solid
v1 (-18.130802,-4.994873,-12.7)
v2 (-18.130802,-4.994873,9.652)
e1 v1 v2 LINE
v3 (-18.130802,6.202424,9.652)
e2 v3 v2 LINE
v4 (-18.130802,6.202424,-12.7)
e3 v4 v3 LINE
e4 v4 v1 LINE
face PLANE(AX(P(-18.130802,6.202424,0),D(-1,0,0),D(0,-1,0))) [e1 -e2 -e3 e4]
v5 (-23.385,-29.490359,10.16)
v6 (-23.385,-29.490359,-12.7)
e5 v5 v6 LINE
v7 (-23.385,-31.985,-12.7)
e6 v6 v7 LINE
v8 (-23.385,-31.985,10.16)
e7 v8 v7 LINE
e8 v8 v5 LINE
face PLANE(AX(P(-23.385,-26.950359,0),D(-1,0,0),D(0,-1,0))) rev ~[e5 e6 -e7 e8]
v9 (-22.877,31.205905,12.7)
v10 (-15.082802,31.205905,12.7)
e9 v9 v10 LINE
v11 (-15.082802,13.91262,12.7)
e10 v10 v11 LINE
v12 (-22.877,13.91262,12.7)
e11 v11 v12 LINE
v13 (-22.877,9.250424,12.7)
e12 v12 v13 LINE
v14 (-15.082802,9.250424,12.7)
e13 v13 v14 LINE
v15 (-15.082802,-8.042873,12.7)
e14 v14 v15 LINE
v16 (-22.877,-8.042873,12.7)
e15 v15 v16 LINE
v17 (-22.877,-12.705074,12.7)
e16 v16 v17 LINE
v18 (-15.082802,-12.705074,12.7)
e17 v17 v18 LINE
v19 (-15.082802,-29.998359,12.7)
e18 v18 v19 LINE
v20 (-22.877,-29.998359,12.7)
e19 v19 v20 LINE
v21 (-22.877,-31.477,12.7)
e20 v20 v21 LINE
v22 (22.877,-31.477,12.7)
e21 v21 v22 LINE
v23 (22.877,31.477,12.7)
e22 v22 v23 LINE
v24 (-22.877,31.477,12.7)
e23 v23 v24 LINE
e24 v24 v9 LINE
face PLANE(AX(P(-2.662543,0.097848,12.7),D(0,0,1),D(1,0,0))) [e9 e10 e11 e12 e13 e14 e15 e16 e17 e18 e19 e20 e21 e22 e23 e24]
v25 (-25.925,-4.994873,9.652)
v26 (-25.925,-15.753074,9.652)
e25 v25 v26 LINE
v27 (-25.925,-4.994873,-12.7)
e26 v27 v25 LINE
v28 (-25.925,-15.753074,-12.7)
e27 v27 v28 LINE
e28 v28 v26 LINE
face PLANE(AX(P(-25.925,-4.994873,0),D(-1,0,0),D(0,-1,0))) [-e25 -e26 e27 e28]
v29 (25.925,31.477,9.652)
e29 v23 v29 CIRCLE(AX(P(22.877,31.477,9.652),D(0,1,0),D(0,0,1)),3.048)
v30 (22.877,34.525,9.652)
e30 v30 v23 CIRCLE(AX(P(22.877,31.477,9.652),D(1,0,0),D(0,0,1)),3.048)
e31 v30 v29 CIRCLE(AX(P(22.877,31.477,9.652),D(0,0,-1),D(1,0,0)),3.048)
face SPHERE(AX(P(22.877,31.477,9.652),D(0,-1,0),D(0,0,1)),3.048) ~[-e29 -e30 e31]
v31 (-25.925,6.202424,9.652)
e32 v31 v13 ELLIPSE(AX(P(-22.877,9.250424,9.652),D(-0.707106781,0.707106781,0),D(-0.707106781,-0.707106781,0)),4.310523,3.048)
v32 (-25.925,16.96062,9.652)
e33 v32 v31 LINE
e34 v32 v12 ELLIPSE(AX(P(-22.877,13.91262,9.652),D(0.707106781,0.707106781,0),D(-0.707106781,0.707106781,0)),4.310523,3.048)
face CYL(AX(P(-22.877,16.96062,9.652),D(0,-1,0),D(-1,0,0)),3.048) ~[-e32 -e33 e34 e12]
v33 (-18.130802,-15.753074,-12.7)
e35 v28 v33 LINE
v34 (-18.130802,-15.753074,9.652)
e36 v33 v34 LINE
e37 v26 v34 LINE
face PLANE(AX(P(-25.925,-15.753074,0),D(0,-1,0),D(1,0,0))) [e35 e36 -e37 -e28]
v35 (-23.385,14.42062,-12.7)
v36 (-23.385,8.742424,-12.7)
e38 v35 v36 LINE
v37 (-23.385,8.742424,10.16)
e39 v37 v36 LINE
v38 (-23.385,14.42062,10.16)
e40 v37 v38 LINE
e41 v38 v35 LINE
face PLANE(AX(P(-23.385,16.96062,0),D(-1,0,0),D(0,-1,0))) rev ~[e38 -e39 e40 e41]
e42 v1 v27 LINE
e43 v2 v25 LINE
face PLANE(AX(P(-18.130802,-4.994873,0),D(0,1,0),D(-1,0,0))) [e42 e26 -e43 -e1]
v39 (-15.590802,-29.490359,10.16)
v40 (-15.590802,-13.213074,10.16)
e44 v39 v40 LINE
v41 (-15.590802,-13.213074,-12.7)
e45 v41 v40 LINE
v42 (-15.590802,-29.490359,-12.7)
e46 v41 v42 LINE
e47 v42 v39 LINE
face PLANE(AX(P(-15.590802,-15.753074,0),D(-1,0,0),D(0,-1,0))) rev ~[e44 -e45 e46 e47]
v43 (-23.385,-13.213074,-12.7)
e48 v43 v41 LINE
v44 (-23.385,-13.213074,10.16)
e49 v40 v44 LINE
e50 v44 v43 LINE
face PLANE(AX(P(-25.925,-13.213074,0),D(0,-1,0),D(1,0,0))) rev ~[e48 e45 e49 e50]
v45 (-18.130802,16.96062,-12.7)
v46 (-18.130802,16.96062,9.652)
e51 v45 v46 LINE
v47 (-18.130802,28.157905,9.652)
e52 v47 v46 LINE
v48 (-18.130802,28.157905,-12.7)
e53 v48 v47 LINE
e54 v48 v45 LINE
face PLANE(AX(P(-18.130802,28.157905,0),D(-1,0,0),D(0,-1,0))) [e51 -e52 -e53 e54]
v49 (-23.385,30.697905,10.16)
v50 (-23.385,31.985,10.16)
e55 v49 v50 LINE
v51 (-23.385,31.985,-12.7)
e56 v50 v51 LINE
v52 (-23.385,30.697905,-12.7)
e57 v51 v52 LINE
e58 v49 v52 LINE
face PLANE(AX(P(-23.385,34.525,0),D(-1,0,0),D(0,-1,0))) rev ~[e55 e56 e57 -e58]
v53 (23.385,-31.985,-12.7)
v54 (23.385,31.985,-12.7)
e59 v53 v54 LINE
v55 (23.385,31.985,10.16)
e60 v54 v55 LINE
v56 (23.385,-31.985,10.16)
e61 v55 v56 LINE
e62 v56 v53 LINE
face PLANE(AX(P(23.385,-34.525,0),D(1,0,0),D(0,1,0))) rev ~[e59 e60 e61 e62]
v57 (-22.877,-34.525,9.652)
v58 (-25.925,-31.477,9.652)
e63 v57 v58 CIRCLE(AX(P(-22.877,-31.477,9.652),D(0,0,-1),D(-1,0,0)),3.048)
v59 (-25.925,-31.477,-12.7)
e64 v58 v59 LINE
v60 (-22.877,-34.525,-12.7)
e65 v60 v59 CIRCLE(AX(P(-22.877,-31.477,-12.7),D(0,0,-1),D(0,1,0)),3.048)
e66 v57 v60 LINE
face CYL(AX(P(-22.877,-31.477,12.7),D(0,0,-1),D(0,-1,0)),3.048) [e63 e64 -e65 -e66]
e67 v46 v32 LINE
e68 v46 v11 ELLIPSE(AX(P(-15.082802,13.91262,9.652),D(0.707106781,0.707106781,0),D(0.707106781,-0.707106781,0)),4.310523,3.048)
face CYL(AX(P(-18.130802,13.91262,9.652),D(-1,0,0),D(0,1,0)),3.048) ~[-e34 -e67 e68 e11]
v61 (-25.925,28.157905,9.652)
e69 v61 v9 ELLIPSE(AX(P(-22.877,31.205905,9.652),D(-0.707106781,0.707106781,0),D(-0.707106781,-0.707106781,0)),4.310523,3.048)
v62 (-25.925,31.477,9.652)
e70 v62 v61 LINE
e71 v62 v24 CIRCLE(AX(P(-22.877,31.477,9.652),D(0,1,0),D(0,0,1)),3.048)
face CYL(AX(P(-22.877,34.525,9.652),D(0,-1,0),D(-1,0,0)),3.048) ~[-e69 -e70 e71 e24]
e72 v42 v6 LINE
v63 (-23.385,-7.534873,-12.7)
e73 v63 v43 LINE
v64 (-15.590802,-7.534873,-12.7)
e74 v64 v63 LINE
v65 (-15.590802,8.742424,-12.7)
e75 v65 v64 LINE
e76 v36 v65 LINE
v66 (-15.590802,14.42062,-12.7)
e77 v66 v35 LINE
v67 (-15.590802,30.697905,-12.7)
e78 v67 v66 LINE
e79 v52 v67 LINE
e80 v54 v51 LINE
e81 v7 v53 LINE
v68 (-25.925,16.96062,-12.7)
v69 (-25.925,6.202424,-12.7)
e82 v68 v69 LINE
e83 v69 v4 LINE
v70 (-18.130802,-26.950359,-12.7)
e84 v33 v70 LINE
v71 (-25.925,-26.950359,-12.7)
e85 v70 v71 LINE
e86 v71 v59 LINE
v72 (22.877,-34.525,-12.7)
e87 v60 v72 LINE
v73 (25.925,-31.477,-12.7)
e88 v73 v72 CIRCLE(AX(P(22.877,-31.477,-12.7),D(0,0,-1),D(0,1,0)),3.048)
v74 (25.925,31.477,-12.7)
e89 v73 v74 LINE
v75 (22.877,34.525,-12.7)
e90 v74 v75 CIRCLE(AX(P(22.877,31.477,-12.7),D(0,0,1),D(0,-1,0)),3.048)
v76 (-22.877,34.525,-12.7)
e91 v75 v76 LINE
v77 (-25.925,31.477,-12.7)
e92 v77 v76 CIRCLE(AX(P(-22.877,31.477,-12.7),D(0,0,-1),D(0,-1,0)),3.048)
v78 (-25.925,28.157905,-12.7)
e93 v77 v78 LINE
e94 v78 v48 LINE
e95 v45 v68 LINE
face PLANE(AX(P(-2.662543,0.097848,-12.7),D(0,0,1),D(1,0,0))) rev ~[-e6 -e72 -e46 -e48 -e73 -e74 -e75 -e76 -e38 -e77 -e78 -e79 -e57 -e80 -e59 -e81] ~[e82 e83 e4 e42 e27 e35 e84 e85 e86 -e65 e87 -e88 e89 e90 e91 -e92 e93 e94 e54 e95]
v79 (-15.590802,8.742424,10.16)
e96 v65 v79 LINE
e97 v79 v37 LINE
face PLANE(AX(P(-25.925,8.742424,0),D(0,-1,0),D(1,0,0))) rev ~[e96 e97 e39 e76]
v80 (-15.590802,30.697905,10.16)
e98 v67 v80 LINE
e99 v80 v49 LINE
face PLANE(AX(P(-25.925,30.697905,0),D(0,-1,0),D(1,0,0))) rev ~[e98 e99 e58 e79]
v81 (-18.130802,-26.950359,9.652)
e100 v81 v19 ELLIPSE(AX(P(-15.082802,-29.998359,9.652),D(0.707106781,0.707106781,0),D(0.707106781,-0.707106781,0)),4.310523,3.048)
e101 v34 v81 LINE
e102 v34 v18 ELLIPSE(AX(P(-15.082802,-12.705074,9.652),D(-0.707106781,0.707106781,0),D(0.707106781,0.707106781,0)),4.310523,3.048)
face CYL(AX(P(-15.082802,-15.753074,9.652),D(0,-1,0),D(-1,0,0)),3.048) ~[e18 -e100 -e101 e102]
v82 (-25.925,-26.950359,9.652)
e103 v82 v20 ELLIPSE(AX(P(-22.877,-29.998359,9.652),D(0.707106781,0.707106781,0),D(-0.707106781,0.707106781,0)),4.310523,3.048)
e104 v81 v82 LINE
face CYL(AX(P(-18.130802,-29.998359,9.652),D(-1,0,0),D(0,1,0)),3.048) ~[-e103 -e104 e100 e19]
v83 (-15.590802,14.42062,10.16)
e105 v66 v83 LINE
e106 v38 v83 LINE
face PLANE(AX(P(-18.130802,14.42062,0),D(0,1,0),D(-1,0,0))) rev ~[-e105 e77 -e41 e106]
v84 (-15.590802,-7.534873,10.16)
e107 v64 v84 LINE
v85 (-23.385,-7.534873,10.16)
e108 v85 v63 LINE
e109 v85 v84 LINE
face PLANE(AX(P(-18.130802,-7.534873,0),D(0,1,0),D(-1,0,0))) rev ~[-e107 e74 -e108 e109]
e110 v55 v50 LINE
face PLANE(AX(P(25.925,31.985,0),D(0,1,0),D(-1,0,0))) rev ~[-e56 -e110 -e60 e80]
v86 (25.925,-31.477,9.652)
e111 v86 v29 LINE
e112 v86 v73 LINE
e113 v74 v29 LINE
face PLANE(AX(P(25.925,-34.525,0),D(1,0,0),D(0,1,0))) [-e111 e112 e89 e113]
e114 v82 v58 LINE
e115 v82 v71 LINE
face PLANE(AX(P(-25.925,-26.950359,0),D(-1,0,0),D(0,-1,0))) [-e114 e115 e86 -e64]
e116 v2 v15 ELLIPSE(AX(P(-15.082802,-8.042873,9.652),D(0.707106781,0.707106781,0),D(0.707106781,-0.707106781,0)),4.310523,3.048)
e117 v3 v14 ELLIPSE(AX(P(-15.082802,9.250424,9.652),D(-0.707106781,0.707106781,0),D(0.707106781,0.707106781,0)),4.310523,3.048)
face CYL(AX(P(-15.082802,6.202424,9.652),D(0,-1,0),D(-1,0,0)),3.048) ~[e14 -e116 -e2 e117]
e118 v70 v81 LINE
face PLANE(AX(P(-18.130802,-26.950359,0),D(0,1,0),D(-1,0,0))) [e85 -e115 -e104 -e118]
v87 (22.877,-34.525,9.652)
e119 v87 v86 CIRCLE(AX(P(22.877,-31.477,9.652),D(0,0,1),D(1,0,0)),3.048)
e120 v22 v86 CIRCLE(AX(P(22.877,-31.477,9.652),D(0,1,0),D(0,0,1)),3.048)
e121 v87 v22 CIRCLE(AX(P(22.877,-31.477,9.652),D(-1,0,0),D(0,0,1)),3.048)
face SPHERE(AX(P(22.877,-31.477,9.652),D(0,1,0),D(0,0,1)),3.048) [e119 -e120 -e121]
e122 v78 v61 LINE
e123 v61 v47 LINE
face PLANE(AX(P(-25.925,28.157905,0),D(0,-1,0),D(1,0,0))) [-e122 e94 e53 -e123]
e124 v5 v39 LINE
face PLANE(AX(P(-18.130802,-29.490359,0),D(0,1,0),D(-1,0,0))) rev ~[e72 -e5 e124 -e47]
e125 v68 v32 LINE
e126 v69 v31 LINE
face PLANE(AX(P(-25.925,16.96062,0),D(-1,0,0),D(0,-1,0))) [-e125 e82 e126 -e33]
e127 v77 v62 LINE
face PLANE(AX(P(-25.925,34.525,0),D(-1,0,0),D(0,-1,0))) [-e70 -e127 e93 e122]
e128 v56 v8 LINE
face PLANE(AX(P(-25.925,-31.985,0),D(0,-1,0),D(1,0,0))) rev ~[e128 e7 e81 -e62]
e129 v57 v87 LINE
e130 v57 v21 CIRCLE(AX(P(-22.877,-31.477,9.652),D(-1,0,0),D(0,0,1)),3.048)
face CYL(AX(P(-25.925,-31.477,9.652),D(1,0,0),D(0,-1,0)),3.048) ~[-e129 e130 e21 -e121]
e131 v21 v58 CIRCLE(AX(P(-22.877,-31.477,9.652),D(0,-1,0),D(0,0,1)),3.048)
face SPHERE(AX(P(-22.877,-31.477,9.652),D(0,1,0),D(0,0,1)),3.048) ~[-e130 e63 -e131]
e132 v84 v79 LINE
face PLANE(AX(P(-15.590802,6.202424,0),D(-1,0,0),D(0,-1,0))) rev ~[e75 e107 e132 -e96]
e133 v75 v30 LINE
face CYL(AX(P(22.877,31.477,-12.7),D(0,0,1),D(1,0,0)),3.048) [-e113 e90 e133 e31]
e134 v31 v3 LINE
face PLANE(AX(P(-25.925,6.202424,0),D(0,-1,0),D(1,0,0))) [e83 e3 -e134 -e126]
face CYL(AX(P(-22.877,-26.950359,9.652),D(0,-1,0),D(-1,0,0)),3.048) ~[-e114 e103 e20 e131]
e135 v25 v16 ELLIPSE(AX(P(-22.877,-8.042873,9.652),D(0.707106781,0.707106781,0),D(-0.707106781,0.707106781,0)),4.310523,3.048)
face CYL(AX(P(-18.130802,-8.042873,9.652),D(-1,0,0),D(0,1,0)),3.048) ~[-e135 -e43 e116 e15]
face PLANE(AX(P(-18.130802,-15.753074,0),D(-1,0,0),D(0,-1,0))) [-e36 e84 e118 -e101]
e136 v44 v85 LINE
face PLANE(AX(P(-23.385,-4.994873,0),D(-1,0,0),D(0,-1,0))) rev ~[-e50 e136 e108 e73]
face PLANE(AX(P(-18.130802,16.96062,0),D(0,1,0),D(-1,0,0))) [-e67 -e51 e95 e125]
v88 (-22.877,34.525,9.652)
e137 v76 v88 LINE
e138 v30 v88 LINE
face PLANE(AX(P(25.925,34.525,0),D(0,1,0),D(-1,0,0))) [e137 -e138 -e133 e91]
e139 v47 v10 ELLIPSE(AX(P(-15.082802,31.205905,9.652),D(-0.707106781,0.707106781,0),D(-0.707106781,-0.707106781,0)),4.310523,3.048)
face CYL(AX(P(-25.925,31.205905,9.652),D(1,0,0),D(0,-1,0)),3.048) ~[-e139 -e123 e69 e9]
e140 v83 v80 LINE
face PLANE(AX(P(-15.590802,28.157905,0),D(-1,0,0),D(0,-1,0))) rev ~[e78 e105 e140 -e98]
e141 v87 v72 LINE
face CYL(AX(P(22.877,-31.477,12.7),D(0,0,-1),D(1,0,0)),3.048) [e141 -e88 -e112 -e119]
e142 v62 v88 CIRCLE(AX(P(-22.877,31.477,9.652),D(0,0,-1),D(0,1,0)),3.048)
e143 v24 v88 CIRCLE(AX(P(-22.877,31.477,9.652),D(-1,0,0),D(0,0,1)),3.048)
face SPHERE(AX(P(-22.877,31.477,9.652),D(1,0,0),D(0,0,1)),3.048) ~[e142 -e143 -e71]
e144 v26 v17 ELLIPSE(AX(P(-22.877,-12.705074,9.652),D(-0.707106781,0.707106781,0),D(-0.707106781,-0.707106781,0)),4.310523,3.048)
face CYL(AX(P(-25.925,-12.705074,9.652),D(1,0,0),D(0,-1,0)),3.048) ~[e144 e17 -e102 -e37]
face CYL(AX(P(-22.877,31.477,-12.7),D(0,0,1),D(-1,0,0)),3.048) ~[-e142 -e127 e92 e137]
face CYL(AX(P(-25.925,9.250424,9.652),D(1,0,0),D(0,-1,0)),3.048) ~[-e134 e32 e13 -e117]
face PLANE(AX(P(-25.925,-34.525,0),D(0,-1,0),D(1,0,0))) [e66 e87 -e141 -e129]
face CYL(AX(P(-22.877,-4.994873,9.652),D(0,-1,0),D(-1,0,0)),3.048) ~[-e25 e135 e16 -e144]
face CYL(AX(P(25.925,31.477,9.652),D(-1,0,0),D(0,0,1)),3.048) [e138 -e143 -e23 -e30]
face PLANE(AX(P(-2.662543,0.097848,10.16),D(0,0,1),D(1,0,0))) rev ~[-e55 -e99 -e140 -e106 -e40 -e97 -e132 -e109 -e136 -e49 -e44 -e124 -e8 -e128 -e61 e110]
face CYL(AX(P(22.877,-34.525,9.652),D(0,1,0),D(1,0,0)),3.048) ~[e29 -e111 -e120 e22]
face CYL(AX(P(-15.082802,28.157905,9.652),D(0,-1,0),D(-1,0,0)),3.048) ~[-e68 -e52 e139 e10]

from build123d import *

# Parameters (mm, degrees)
F1_DEPTH = 12.7
F2_T     = -2.54
F3_R     = 3.048


with BuildPart() as f1:
    # F0 (on Top) → F1 (new body, symmetric)
    with BuildSketch(Plane.XY):
        Polygon((25.92500022, -34.52499953), (25.92500022, 34.52499953), (-25.92500022, 34.52499953), (-25.92500022, 28.157905028), (-18.1308021206, 28.157905028), (-18.1308021206, 16.960619828), (-25.92500022, 16.960619828), (-25.92500022, 6.202424428), (-18.1308021206, 6.202424428), (-18.1308021206, -4.9948727434), (-25.92500022, -4.9948727434), (-25.92500022, -15.7530735209), (-18.1308021206, -15.7530735209), (-18.1308021206, -26.9503587209), (-25.92500022, -26.9503587209), (-25.92500022, -34.52499953), align=None)
    extrude(amount=F1_DEPTH, both=True)

    # F2
    f2_openings = [f1.faces().sort_by_distance(p)[0] for p in [
        (1.73799, -0.047637, -12.7),
    ]]
    offset(amount=F2_T, openings=f2_openings, kind=Kind.INTERSECTION)

    # F3
    f3_edges = [f1.edges().sort_by_distance(p)[0] for p in [
        (25.925, 0, 12.7),
        (0, 34.525, 12.7),
        (-25.925, 31.341452, 12.7),
        (-18.130802, 22.559262, 12.7),
        (-22.027901, 16.96062, 12.7),
        (-25.925, 11.581522, 12.7),
        (-22.027901, 6.202424, 12.7),
        (-18.130802, 0.603776, 12.7),
        (-22.027901, -4.994873, 12.7),
        (-25.925, -10.373973, 12.7),
        (-22.027901, -15.753074, 12.7),
        (-18.130802, -21.351716, 12.7),
        (-22.027901, -26.950359, 12.7),
        (-25.925, -30.737679, 12.7),
        (0, -34.525, 12.7),
        (-22.027901, 28.157905, 12.7),
        (-25.925, -34.525, 0),
        (25.925, -34.525, 0),
        (25.925, 34.525, 0),
        (-25.925, 34.525, 0),
    ]]
    fillet(f3_edges, radius=F3_R)


solid = f1.part
